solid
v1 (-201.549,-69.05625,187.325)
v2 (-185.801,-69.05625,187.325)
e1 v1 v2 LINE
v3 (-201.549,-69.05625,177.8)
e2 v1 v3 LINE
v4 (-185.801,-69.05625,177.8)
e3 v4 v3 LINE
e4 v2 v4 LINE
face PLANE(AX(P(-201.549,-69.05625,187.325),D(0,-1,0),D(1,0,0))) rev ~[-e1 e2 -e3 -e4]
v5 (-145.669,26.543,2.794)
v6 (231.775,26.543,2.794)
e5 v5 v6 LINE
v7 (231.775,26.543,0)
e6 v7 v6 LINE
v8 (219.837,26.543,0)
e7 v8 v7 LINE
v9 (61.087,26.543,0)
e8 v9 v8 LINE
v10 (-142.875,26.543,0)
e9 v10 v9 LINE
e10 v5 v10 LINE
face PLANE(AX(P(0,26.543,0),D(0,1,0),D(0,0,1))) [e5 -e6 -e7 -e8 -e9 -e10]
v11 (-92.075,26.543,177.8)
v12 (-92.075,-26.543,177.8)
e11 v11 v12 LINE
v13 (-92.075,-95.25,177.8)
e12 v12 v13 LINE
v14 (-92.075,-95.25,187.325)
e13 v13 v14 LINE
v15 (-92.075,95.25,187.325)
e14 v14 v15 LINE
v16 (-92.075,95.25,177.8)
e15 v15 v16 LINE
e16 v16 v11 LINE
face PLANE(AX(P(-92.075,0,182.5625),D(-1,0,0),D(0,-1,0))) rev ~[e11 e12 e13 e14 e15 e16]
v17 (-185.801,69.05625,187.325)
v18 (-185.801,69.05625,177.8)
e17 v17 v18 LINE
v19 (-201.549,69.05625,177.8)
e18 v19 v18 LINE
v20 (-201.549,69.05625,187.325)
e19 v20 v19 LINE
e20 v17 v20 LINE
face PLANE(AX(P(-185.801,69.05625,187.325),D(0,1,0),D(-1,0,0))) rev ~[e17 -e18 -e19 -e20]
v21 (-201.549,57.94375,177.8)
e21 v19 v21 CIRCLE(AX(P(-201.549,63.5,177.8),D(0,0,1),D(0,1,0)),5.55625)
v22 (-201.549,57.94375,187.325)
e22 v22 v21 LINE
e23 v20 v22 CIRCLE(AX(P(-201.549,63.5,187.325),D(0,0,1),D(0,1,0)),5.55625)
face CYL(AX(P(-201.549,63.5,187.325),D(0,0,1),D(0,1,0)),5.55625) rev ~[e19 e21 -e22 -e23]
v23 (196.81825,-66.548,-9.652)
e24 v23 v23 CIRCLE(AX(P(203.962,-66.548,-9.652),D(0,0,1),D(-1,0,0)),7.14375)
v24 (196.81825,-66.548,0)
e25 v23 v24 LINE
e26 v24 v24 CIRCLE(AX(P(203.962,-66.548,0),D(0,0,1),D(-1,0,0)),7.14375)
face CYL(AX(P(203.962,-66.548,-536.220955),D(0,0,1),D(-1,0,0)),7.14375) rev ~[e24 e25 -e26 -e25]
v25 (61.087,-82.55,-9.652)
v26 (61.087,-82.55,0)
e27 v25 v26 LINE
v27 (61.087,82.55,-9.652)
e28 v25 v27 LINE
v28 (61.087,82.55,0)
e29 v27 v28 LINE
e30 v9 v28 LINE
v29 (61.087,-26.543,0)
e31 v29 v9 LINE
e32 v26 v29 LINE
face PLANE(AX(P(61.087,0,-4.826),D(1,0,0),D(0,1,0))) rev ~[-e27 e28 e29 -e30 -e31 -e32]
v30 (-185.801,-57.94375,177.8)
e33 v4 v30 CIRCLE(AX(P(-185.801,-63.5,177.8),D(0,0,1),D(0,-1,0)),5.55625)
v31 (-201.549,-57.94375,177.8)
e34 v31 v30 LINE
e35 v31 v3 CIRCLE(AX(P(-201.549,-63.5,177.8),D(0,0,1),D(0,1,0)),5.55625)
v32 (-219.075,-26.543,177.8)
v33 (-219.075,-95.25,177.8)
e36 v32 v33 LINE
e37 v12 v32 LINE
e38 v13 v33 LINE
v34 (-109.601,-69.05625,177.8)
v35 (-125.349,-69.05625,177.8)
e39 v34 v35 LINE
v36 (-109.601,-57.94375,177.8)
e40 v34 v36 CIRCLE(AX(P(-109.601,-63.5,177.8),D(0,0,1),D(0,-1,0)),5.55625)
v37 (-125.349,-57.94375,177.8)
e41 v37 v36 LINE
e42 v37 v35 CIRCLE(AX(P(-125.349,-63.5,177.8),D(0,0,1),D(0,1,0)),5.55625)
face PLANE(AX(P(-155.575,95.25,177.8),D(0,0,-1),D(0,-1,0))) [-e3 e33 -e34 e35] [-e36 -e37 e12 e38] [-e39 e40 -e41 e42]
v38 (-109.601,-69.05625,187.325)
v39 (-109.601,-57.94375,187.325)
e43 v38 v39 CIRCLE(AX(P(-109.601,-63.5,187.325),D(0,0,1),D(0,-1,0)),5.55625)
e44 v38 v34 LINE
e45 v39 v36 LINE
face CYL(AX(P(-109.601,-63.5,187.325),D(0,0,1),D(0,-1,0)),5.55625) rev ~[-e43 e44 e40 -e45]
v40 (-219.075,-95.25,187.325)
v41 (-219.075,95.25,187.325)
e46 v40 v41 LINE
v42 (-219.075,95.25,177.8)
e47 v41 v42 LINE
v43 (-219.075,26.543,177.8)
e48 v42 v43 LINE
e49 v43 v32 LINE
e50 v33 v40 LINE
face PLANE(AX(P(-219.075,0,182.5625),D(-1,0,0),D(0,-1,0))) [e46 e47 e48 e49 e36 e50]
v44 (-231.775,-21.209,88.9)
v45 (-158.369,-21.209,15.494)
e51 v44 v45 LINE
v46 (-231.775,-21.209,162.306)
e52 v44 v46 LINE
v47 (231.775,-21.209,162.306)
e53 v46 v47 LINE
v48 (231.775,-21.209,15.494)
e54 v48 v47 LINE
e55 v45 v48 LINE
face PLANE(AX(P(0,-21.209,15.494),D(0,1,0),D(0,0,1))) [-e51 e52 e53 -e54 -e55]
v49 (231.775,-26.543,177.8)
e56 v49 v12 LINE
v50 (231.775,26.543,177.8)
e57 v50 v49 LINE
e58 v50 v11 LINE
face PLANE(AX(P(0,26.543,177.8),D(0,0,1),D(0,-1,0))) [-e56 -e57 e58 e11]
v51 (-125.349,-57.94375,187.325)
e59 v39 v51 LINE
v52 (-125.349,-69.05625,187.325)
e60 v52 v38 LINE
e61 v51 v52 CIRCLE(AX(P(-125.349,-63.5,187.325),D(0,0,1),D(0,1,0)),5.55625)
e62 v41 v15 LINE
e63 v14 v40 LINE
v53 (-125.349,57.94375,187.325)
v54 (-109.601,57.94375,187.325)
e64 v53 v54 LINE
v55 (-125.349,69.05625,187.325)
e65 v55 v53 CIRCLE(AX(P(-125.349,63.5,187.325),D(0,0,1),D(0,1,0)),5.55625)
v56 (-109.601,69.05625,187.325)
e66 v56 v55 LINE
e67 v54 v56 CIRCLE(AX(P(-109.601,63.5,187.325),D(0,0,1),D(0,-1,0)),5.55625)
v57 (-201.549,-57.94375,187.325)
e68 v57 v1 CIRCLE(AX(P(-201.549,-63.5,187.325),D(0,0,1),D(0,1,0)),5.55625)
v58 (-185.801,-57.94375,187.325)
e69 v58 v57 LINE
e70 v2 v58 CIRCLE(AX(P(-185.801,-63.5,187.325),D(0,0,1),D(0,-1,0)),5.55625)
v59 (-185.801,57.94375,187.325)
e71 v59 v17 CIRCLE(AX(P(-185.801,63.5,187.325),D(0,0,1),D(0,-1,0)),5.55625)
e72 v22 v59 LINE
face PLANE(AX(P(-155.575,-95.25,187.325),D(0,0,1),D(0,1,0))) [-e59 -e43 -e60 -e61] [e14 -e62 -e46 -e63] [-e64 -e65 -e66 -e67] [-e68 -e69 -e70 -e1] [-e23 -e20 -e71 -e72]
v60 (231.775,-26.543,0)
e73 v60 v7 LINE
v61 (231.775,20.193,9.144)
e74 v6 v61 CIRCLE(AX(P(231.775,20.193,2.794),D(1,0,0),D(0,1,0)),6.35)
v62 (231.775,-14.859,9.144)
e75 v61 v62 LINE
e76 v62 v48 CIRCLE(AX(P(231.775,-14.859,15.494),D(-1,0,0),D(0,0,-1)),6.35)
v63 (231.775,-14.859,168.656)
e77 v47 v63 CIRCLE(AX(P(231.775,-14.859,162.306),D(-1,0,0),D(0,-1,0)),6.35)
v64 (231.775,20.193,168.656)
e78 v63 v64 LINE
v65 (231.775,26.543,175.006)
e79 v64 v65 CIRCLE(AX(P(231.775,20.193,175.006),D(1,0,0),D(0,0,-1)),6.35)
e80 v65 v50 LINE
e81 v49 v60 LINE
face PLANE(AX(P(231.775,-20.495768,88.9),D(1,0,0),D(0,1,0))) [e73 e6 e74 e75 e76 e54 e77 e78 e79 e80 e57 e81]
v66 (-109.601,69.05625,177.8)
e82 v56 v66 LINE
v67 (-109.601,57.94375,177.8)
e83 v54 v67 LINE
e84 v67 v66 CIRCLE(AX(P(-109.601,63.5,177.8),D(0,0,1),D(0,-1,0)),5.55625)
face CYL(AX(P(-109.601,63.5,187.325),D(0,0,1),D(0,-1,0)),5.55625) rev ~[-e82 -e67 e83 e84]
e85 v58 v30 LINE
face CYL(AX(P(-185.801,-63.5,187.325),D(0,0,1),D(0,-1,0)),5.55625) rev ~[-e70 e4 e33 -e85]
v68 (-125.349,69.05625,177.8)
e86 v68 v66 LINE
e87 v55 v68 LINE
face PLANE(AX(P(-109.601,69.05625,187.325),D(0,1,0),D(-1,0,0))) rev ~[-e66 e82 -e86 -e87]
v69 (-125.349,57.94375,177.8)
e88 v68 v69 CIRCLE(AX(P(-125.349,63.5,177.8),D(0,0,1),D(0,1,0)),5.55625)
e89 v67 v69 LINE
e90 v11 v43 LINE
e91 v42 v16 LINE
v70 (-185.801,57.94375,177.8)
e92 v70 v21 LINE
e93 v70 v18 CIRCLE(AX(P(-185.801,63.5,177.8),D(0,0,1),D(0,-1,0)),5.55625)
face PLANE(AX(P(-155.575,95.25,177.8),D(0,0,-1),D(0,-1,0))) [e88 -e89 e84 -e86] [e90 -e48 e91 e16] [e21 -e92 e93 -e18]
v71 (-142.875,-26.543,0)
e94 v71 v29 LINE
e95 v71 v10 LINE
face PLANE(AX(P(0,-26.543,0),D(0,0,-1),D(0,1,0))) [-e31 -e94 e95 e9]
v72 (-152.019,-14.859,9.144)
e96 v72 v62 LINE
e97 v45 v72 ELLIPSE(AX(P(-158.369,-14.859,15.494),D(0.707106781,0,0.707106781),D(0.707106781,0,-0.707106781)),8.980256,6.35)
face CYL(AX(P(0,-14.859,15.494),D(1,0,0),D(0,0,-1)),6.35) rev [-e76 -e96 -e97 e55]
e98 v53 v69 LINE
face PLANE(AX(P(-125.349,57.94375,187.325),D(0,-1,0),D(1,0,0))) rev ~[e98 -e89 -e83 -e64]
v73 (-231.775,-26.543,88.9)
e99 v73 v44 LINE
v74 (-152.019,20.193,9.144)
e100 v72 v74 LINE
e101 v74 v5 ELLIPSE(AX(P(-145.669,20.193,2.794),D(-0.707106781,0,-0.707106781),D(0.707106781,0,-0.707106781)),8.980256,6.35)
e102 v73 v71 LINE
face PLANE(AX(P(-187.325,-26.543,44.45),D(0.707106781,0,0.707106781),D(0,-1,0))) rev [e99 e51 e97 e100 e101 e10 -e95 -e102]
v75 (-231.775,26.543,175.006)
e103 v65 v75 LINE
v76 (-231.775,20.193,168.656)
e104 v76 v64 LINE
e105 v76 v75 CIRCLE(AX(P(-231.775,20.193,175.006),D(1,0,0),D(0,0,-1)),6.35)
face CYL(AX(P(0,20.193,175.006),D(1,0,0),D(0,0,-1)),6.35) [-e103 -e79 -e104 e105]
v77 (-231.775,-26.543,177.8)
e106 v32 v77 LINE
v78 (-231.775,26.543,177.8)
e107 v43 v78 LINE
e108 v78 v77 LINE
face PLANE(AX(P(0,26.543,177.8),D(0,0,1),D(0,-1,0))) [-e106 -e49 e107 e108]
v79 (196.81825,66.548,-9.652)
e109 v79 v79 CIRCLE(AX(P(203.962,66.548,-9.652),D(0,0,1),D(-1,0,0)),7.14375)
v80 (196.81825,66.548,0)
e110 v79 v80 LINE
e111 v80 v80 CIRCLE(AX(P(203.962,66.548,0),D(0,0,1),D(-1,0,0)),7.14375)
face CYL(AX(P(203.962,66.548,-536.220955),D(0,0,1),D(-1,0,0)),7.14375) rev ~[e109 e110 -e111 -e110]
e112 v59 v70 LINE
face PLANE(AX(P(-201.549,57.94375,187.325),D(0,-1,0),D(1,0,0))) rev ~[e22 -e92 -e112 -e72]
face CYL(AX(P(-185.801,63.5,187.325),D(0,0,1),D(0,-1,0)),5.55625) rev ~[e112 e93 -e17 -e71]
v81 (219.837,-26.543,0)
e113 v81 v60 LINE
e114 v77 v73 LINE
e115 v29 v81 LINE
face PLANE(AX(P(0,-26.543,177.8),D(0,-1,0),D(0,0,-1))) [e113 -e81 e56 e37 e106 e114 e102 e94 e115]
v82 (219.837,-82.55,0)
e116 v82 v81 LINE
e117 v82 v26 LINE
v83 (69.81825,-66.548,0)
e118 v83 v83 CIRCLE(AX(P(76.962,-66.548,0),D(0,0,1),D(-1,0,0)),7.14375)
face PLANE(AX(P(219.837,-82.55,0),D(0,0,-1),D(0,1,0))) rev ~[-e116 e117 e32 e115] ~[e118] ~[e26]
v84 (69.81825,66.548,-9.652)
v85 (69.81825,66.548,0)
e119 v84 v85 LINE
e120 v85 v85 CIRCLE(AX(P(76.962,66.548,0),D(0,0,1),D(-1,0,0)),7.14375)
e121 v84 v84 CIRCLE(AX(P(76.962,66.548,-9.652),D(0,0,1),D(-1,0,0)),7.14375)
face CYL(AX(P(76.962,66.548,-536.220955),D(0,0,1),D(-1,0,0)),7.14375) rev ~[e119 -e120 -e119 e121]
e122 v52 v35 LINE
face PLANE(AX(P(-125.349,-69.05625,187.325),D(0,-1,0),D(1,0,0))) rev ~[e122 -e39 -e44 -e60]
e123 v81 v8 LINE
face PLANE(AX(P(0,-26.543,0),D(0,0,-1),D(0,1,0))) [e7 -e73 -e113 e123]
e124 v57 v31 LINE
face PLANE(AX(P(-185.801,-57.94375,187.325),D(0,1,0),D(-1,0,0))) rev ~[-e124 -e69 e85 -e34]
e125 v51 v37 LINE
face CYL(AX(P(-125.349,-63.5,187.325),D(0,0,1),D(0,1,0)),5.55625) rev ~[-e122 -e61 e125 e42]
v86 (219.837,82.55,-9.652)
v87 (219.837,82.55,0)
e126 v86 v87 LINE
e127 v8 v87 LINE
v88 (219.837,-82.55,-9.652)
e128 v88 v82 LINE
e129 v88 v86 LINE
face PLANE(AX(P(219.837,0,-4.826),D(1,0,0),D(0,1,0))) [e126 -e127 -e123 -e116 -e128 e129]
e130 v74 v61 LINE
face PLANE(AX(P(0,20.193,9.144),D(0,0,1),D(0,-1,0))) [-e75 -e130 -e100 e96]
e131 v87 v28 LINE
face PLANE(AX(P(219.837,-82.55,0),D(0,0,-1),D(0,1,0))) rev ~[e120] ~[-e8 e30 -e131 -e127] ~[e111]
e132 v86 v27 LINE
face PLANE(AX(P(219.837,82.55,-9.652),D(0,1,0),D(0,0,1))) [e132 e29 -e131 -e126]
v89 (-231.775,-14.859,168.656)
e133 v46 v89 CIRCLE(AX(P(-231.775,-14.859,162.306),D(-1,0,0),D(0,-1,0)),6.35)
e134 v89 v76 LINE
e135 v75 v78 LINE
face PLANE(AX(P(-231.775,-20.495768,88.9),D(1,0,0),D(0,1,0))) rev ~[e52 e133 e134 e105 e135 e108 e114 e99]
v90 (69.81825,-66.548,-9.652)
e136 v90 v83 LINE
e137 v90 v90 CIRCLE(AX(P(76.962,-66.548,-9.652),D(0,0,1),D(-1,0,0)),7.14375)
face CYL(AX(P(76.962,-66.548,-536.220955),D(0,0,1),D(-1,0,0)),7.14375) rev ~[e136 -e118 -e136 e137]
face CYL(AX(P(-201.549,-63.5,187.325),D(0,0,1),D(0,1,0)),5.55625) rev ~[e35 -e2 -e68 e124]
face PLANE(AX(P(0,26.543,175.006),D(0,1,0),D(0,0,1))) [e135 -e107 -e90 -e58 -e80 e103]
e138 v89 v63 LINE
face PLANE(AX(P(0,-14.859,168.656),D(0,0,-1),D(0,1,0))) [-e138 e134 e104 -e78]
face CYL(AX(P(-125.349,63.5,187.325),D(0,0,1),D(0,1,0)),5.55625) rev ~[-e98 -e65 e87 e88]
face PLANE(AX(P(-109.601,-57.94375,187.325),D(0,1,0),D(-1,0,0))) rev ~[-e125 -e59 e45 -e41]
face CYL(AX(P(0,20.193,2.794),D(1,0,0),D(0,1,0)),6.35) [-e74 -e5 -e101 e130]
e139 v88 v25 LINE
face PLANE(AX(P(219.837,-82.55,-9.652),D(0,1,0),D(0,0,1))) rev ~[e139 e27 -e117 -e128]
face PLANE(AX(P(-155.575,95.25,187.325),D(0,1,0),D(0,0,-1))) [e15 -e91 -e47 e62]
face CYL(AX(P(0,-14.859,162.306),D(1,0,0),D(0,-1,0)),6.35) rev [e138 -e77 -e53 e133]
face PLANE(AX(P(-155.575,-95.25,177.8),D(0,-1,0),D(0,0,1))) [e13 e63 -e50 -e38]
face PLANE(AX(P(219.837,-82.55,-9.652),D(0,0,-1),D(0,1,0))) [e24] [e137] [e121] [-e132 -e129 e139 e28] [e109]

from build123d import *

# Parameters (mm, degrees)
F1_DEPTH  = 231.775
F3_W      = 165.1
F3_H      = 9.652
F4_DEPTH  = 158.75
F6_D      = 14.2875
F9_DEPTH  = 63.5
F11_DEPTH = 196.978
F12_SIZE  = 88.9


with BuildPart() as f1:
    # F0 (on Right) → F1 (new body, symmetric)
    with BuildSketch(Plane.YZ):
        with BuildLine():
            Line((-26.543, 177.8), (-26.543, 0))
            Line((-26.543, 0), (0, 0))
            Line((0, 0), (0, 9.144))
            Line((0, 9.144), (-14.859, 9.144))
            ThreePointArc((-14.859, 9.144), (-19.3491280605, 11.0038719395), (-21.209, 15.494))
            Line((-21.209, 15.494), (-21.209, 162.306))
            ThreePointArc((-21.209, 162.306), (-19.3491280605, 166.7961280605), (-14.859, 168.656))
            Line((-14.859, 168.656), (0, 168.656))
            Line((0, 168.656), (0, 177.8))
            Line((0, 177.8), (-26.543, 177.8))
        make_face()
        with BuildLine():
            Line((0, 9.144), (0, 0))
            Line((0, 0), (26.543, 0))
            Line((26.543, 0), (26.543, 2.794))
            ThreePointArc((26.543, 2.794), (24.6831280605, 7.2841280605), (20.193, 9.144))
            Line((20.193, 9.144), (0, 9.144))
        make_face()
        with BuildLine():
            Line((26.543, 177.8), (0, 177.8))
            Line((0, 177.8), (0, 168.656))
            Line((0, 168.656), (20.193, 168.656))
            ThreePointArc((20.193, 168.656), (24.6831280605, 170.5158719395), (26.543, 175.006))
            Line((26.543, 175.006), (26.543, 177.8))
        make_face()
    extrude(amount=F1_DEPTH, both=True)

    # F3 (on offset) → F4 (join)
    with BuildSketch(Plane.YZ.offset(219.837)):
        with Locations((0, -4.826)):
            Rectangle(F3_W, F3_H)
    extrude(amount=-F4_DEPTH)

    # F6 (through all)
    with Locations(Plane(origin=(0, 0, -9.652), x_dir=(1, 0, 0), z_dir=(0, 0, -1))):
        with Locations((203.962, -66.548), (76.962, -66.548), (203.962, 66.548), (76.962, 66.548)):
            Hole(F6_D / 2)

    # F8 (on offset) → F9 (join, symmetric)
    with BuildSketch(Plane(origin=(-155.575, 0, 0), x_dir=(0, -1, 0), z_dir=(-1, 0, 0))):
        Polygon((-95.25, 177.8), (26.543, 177.8), (95.25, 177.8), (95.25, 187.325), (-95.25, 187.325), align=None)
    extrude(amount=F9_DEPTH, both=True)

    # F10 (on face) → F11 (cut, through all)
    with BuildSketch(Plane.XY.offset(187.325)):
        with BuildLine():
            ThreePointArc((-185.801, -69.05625), (-180.24475, -63.5), (-185.801, -57.94375))
            Line((-185.801, -57.94375), (-201.549, -57.94375))
            ThreePointArc((-201.549, -57.94375), (-207.10525, -63.5), (-201.549, -69.05625))
            Line((-201.549, -69.05625), (-185.801, -69.05625))
        make_face()
        with BuildLine():
            Line((-109.601, -57.94375), (-125.349, -57.94375))
            ThreePointArc((-125.349, -57.94375), (-130.90525, -63.5), (-125.349, -69.05625))
            Line((-125.349, -69.05625), (-109.601, -69.05625))
            ThreePointArc((-109.601, -69.05625), (-104.04475, -63.5), (-109.601, -57.94375))
        make_face()
        with BuildLine():
            Line((-185.801, 69.05625), (-201.549, 69.05625))
            ThreePointArc((-201.549, 69.05625), (-207.10525, 63.5), (-201.549, 57.94375))
            Line((-201.549, 57.94375), (-185.801, 57.94375))
            ThreePointArc((-185.801, 57.94375), (-180.24475, 63.5), (-185.801, 69.05625))
        make_face()
        with BuildLine():
            ThreePointArc((-125.349, 69.05625), (-130.90525, 63.5), (-125.349, 57.94375))
            Line((-125.349, 57.94375), (-109.601, 57.94375))
            ThreePointArc((-109.601, 57.94375), (-104.04475, 63.5), (-109.601, 69.05625))
            Line((-109.601, 69.05625), (-125.349, 69.05625))
        make_face()
    extrude(amount=-F11_DEPTH, mode=Mode.SUBTRACT)

    # F12
    f12_edges = [f1.edges().sort_by_distance(p)[0] for p in [
        (-231.775, 0, 0),
    ]]
    chamfer(f12_edges, length=F12_SIZE)


solid = f1.part
